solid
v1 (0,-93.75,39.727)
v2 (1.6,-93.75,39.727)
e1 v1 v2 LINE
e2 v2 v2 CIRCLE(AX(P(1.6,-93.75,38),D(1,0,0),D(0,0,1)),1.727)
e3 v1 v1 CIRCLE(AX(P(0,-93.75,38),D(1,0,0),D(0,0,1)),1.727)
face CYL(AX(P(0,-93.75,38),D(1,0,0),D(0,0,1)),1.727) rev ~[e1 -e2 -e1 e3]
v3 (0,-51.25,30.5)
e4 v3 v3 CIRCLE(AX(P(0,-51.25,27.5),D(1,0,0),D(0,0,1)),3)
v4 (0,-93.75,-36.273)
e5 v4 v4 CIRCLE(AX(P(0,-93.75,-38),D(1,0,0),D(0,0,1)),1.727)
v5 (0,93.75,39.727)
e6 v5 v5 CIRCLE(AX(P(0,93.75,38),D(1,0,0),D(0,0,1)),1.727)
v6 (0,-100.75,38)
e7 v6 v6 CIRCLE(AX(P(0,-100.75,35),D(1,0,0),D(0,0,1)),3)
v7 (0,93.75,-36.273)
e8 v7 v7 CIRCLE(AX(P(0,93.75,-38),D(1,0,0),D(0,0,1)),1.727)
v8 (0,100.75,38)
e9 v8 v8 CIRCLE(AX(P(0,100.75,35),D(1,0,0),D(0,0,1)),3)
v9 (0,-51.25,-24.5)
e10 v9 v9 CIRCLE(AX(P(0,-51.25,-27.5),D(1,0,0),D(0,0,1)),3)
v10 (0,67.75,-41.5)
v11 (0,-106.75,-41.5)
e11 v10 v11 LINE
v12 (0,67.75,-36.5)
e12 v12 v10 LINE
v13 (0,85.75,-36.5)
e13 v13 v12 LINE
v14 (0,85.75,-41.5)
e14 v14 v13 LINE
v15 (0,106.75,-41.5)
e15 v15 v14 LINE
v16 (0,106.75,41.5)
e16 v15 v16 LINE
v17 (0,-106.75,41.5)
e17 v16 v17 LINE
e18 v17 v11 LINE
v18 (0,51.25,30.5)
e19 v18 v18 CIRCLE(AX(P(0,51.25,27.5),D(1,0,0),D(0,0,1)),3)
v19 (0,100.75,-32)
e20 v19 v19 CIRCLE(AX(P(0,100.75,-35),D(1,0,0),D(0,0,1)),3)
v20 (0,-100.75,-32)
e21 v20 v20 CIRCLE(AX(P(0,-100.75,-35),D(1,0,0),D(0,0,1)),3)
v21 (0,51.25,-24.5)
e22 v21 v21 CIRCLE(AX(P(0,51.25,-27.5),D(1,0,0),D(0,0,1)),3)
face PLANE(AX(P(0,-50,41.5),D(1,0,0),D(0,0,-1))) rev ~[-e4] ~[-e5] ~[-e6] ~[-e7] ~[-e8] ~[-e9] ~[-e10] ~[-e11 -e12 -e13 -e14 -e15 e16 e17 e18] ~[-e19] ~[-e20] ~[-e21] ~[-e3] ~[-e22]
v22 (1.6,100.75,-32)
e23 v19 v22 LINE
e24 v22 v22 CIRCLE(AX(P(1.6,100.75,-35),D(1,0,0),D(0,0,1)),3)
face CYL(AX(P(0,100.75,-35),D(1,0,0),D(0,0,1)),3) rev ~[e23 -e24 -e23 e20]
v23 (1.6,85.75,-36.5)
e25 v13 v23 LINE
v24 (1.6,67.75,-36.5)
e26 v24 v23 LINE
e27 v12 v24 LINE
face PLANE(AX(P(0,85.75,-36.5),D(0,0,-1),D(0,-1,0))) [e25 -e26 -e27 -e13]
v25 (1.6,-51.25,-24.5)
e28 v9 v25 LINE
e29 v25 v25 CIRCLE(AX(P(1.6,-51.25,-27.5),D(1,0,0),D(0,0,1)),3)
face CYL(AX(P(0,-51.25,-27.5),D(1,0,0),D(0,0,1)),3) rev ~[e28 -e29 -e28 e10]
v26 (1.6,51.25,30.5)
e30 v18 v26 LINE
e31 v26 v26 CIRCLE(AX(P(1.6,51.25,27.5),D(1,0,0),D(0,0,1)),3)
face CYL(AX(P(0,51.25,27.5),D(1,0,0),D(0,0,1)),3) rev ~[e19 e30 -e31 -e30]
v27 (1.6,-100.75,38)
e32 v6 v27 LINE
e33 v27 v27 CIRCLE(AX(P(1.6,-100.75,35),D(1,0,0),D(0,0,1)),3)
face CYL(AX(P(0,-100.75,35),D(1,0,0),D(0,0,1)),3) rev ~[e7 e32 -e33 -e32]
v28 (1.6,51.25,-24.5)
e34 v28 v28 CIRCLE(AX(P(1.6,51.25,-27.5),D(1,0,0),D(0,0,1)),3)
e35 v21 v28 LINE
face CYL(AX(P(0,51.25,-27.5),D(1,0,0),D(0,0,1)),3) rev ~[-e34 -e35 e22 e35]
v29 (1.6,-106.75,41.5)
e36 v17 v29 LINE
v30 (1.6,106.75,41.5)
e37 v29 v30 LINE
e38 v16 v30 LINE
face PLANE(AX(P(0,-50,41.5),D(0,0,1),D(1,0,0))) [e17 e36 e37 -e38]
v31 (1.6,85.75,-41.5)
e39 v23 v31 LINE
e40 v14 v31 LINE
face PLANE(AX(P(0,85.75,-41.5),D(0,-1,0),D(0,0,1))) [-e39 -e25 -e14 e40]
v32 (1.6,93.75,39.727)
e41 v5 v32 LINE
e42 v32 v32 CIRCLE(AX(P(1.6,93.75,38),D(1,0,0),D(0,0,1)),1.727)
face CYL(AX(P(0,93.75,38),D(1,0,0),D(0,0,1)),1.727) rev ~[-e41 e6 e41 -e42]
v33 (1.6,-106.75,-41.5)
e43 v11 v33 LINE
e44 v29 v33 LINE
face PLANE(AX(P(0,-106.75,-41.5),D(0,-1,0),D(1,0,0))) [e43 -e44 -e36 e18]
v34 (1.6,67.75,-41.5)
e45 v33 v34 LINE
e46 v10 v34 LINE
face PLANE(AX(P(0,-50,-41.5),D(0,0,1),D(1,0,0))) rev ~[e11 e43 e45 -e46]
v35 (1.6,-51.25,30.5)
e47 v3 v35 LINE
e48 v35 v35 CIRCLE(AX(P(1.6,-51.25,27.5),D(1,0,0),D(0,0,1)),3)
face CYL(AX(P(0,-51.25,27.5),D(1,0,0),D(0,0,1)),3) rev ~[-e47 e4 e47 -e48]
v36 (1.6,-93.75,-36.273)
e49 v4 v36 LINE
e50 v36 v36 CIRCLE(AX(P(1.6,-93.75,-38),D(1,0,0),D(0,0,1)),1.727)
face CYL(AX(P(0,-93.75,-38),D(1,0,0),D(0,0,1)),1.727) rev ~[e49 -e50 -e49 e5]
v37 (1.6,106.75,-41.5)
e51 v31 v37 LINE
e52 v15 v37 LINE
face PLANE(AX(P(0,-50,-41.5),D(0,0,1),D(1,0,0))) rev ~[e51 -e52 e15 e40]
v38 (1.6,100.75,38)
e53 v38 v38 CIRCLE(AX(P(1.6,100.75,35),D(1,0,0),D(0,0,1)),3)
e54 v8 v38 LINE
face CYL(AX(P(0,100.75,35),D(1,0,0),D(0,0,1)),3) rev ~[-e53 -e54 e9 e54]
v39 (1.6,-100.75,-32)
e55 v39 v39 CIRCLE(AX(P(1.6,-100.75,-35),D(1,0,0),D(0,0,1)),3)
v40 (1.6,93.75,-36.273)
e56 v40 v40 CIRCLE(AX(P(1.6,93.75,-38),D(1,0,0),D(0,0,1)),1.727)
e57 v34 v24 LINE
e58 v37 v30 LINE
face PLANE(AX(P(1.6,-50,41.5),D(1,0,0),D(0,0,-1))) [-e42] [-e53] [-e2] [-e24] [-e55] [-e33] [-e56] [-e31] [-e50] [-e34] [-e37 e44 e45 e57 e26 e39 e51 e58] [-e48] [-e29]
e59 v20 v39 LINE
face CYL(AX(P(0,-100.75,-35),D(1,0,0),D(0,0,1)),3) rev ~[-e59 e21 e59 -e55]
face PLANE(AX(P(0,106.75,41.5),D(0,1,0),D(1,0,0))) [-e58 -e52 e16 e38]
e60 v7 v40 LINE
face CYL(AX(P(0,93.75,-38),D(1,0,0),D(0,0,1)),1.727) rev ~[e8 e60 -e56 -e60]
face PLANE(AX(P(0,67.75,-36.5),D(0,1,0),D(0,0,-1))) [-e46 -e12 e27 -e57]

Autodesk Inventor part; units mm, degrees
ref_plane "YZ Plane" through (0, 0, 0) normal (1, 0, 0) x (0, 1, 0)
ref_plane "XZ Plane" through (0, 0, 0) normal (0, 1, 0) x (-1, 0, 0)
ref_plane "XY Plane" through (0, 0, 0) normal (0, 0, 1) x (1, 0, 0)
sketch "Sketch1" plane through (0, 0, 0) normal (1, 0, 0) x (0, 1, 0)
  line L0 (50, 41.5) -> (-50, 41.5)
  line L1 (-50, 41.5) -> (-50, -41.5)
  line L2 (-50, -41.5) -> (50, -41.5)
  line L3 (50, -41.5) -> (50, 41.5)
  point P0 (0, 0)
  point P1 (50, 0)
  point P2 (0, -41.5)
  dimension "d0" = 100
  dimension "d1" = 83
extrude "Extrusion1" add sketch "Sketch1" along normal blind 1.6
sketch "Sketch12" plane through (0, 50, 41.5) normal (0, 1, 0) x (1, 0, 0)
  line L0 (0, 83) -> (0, 0) projected
  line L1 (0, 0) -> (1.6, 0) projected
  line L2 (1.6, 83) -> (1.6, 0) projected
  line L3 (0, 83) -> (1.6, 83) projected
  point P0 (0, 41.5)
extrude "Extrusion3" add sketch "Sketch12" along normal blind 56.75
sketch "Sketch13" plane through (0, -50, -41.5) normal (0, -1, 0) x (1, 0, 0)
  line L0 (0, 83) -> (0, 0) projected
  line L1 (0, 0) -> (1.6, 0) projected
  line L2 (1.6, 83) -> (1.6, 0) projected
  line L3 (0, 83) -> (1.6, 83) projected
  point P0 (0, 41.5)
extrude "Extrusion4" add sketch "Sketch13" along normal blind 56.75
sketch "Sketch14" plane through (0, 0, 0) normal (-1, 0, 0) x (0, 0, 1)
  point P0 (0, 0)
  point P1 (27.5, -51.25)
  point P2 (27.5, 51.25)
  point P3 (-27.5, -51.25)
  point P4 (-27.5, 51.25)
  dimension "d156" = 102.5
  dimension "d157" = 102.5
  dimension "d158" = 55
  dimension "d159" = 27.5
  dimension "d160" = 51.25
hole "Hole7" at (0, -51.25, 27.5) at (0, 51.25, 27.5) at (0, -51.25, -27.5) at (0, 51.25, -27.5) direction (1, 0, 0) diameter 6 end through all
sketch "Sketch16" plane through (0, 0, 0) normal (-1, 0, 0) x (0, 0, 1)
  circle A0 centre (-27.5, -51.25) radius 3 projected
  circle A1 centre (27.5, -51.25) radius 3 projected
  circle A2 centre (27.5, 51.25) radius 3 projected
  circle A3 centre (-27.5, 51.25) radius 3 projected
  line L0 (41.5, -106.75) -> (41.5, 106.75) projected
  line L1 (-41.5, 106.75) -> (41.5, 106.75) projected
  line L2 (-41.5, 106.75) -> (-41.5, -106.75) projected
  line L3 (41.5, -106.75) -> (-41.5, -106.75) projected
  line L4 (0, 0) -> (-25, 0) construction
  point P0 (35, -100.75)
  point P1 (-35, -100.75)
  point P2 (35, 100.75)
  point P3 (-35, 100.75)
  dimension "d168" = 70
  dimension "d169" = 6
  dimension "d170" = 35
hole "Hole8" at (0, -100.75, 35) at (0, -100.75, -35) at (0, 100.75, 35) at (0, 100.75, -35) direction (1, 0, 0) diameter 6 end through all
sketch "Sketch19" plane through (0, 0, 0) normal (-1, 0, 0) x (0, 0, 1)
  circle A0 centre (-27.5, 51.25) radius 3 construction
  line L0 (-39, 76.75) -> (-39, 72) construction
  line L1 (-39, 76.75) -> (-39, 81.5) construction
  line L2 (-41.5, 106.75) -> (-41.5, -106.75) construction
  line L3 (-41.5, 106.75) -> (41.5, 106.75) projected
  point P0 (0, 0)
  dimension "d194" = 4.75
  dimension "d195" = 4.75
  dimension "d203" = 25.25
  dimension "d204" = 2.5
hole "Hole9" at (0, 72, -39) at (0, 81.5, -39) direction (1, 0, 0) diameter 2.6 end through all clearance for "Flat Head Machine Screw" size "M2" standard "Ansi Metric M Profile"
sketch "Sketch21" plane through (0, 0, 0) normal (-1, 0, 0) x (0, 0, 1)
  line L0 (-41.5, 106.75) -> (-41.5, -106.75) projected
  line L1 (-41.5, 85.75) -> (-36.5, 85.75)
  line L2 (-36.5, 85.75) -> (-36.5, 67.75)
  line L3 (-36.5, 67.75) -> (-41.5, 67.75)
  line L4 (-41.5, 67.75) -> (-41.5, 85.75)
  line L5 (-41.5, 106.75) -> (41.5, 106.75) projected
  point P0 (0, 0)
  point P1 (-41.5, 67.75)
  dimension "d205" = 5
  dimension "d206" = 21
  dimension "d207" = 18
extrude "Extrusion5" cut sketch "Sketch21" against normal through all
sketch "Sketch23" plane through (0, 0, 0) normal (-1, 0, 0) x (0, 0, 1)
  circle A0 centre (-35, 100.75) radius 3 projected
  line L0 (0, 0) -> (-12.2775, 0) construction
  point P0 (38, 93.75)
  point P1 (-38, 93.75)
  point P2 (38, -93.75)
  point P3 (-38, -93.75)
  dimension "d220" = 76
  dimension "d221" = 38
  dimension "d229" = 7
hole "Hole11" at (0, 93.75, 38) at (0, 93.75, -38) at (0, -93.75, 38) at (0, -93.75, -38) direction (1, 0, 0) diameter 3.454 end through all clearance for "Flat Head Machine Screw (82)" size "#4" standard "Ansi Unified Screw Threads"
equation "\"d157\" = d156"
equation "\"d159\" = 0.5 * d158"
equation "\"d160\" = 0.5 * d157"
equation "\"d170\" = 0.5 * d168"
equation "\"d195\" = d194"
equation "\"d221\" = 0.5 * d220"
properties part number "SolarPCB_RBF_EGSE" material "Acetal Resin, Black"
